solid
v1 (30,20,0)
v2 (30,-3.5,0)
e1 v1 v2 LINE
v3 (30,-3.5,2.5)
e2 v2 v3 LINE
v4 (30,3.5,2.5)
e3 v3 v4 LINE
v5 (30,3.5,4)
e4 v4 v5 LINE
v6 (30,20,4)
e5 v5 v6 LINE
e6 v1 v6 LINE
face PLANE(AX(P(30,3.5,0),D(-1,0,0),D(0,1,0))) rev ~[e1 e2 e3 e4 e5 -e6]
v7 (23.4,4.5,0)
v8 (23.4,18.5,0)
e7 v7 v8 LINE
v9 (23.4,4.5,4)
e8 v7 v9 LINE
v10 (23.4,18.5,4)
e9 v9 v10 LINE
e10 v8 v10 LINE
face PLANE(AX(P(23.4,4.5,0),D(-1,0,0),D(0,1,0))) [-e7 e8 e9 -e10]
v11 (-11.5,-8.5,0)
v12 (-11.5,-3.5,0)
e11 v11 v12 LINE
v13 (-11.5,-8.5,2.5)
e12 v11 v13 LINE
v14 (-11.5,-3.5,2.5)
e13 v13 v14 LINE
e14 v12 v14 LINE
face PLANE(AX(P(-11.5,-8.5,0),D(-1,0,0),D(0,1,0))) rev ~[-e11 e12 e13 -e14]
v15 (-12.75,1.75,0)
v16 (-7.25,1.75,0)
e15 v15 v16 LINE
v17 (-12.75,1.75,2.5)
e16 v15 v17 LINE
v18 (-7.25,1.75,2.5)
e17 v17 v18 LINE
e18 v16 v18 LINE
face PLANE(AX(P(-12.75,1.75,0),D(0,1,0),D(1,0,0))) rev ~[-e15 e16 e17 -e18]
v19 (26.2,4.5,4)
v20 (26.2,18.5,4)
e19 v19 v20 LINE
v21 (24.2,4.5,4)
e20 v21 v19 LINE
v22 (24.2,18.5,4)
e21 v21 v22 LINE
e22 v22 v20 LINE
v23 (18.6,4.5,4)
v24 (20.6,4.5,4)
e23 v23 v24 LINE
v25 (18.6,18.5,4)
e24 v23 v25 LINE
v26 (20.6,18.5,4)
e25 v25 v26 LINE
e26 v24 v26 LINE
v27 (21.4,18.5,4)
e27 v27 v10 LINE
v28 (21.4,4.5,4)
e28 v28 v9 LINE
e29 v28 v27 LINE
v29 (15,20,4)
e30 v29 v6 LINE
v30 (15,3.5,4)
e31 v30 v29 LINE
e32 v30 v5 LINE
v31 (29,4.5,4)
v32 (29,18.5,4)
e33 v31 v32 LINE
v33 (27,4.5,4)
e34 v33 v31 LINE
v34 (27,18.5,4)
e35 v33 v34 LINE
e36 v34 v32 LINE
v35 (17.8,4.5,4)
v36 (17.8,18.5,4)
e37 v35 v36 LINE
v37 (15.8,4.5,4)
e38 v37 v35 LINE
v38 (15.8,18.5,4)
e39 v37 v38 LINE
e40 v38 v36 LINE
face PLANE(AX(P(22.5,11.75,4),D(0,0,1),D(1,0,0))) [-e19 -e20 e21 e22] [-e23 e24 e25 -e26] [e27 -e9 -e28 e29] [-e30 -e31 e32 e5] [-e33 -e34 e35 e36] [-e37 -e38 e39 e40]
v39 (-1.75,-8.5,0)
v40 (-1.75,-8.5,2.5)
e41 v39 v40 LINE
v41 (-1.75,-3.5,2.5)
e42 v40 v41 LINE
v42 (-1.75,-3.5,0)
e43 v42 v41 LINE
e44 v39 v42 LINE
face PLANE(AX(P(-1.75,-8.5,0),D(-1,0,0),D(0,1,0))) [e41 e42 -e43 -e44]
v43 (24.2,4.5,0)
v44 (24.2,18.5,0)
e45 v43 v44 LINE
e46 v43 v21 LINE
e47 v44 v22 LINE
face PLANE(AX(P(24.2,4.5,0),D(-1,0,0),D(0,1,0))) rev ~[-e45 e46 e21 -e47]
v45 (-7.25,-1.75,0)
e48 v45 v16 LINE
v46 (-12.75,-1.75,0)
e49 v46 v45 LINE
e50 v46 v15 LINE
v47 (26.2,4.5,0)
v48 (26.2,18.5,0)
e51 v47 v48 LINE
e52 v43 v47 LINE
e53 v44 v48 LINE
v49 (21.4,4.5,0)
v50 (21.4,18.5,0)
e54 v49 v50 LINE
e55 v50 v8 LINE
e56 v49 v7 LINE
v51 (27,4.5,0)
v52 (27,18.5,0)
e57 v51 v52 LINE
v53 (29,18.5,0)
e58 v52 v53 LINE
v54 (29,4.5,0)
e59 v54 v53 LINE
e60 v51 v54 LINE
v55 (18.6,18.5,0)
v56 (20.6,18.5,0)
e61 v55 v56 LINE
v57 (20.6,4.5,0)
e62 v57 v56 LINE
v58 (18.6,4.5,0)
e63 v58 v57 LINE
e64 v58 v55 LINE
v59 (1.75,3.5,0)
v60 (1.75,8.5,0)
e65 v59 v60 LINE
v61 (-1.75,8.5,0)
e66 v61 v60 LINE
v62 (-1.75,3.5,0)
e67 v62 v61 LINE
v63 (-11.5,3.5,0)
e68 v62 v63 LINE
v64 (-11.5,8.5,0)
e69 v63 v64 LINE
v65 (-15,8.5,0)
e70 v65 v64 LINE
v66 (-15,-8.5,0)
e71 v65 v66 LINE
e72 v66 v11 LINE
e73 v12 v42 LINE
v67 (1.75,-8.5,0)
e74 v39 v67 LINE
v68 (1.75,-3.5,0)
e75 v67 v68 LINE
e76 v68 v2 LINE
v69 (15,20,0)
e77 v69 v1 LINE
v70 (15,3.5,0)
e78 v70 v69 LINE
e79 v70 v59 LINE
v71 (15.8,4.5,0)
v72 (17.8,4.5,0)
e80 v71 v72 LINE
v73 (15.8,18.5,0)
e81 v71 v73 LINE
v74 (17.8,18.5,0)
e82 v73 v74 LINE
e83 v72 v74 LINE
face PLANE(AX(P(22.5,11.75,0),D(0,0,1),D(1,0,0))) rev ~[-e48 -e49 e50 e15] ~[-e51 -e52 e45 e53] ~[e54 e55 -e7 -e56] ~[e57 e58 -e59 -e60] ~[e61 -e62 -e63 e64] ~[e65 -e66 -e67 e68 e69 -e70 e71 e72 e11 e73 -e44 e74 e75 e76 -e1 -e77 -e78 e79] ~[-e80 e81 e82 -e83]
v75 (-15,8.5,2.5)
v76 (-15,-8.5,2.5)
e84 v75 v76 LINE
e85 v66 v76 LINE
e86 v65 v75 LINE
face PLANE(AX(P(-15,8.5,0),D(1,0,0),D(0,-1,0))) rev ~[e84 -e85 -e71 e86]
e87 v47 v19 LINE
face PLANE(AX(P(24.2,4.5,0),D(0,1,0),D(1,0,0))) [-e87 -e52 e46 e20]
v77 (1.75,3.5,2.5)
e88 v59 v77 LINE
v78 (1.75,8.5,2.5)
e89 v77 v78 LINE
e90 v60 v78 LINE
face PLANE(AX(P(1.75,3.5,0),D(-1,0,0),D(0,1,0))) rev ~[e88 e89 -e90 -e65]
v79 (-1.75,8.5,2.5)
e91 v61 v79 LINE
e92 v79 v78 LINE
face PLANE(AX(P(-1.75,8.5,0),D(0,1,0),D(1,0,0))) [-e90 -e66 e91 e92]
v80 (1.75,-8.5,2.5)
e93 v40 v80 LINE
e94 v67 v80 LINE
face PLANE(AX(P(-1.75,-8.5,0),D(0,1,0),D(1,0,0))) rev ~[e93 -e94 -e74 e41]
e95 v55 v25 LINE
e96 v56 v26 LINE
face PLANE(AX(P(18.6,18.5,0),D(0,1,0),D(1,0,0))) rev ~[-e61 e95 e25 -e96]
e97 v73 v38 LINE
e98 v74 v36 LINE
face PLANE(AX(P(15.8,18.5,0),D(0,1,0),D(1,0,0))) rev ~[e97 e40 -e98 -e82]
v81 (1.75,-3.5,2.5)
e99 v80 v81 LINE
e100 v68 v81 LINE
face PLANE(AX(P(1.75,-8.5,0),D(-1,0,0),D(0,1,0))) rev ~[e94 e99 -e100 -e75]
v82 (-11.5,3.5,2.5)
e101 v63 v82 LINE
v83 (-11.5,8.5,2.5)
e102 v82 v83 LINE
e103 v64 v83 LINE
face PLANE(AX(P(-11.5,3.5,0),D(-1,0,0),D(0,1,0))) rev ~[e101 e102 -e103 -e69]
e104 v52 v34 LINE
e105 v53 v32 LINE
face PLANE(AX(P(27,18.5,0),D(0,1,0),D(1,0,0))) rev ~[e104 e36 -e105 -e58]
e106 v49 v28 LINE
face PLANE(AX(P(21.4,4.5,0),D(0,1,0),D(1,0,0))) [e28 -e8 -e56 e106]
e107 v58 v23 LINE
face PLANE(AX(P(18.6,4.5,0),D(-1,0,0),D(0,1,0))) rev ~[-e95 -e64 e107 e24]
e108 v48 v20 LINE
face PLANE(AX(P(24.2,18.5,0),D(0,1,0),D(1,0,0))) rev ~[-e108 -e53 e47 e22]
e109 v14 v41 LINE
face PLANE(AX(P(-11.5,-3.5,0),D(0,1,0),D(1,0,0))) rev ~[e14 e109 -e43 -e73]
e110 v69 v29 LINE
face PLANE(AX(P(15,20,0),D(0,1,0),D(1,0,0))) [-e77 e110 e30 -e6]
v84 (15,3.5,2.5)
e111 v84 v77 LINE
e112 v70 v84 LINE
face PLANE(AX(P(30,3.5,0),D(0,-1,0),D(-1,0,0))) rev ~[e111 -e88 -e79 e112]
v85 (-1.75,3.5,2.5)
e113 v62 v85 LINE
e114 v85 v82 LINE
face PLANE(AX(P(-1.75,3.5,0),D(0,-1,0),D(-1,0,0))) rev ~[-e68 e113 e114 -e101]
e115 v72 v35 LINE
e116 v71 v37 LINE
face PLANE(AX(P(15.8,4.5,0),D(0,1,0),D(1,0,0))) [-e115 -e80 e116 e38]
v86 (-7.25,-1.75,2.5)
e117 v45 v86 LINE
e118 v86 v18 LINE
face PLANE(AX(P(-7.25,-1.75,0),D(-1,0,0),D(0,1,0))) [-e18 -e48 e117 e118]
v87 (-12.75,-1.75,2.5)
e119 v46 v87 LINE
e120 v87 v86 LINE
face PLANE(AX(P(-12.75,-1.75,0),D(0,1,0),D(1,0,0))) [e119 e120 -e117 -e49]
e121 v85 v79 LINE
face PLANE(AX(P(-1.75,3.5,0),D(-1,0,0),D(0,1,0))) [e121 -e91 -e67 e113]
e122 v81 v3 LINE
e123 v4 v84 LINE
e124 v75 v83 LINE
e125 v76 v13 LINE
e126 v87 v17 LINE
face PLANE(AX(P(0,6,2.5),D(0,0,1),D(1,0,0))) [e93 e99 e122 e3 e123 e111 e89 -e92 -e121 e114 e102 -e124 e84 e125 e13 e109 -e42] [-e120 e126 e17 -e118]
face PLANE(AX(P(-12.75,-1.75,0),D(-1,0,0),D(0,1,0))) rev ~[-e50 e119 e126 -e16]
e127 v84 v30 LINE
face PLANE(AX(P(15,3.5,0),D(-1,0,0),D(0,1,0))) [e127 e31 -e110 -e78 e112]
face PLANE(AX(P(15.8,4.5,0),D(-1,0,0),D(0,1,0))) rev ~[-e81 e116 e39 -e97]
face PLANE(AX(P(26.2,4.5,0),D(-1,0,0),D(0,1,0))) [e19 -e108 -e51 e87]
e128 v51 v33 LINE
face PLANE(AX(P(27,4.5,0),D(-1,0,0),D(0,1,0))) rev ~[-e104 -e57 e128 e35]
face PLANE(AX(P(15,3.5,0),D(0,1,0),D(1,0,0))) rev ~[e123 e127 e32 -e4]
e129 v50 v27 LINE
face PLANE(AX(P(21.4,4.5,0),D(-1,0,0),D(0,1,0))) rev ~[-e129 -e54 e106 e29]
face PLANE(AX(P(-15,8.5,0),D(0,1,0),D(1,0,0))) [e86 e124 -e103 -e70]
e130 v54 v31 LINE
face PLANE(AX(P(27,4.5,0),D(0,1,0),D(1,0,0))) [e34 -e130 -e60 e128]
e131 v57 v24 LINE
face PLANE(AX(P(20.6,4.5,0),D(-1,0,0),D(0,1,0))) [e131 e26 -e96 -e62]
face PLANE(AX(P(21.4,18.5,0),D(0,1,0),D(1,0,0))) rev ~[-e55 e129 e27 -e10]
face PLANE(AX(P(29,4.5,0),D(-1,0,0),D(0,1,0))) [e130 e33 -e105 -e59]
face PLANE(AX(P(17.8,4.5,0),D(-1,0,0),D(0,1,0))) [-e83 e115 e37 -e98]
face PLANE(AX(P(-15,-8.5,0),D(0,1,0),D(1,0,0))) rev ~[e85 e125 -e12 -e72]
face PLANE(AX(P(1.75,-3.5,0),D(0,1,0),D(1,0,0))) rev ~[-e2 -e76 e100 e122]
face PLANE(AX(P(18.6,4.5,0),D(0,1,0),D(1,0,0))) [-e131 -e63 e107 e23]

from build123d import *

# Parameters (mm, degrees)
F0_W     = 3.5
F0_H     = 5
F0_W_2   = 5.5
F0_H_2   = 3.5
F0_W_3   = 15
F0_H_3   = 7
F1_DEPTH = 2.5
F0_H_4   = 16.5
F0_W_4   = 2
F0_H_5   = 14
F2_DEPTH = 4


with BuildPart() as f1:
    # F0 (on Top) → F1 (new body)
    with BuildSketch(Plane.XY):
        with Locations((0, 6)):
            Rectangle(F0_W, F0_H)
        Polygon((15, -3.5), (15, 3.5), (1.75, 3.5), (-1.75, 3.5), (-11.5, 3.5), (-15, 3.5), (-15, -3.5), (-11.5, -3.5), (-1.75, -3.5), (1.75, -3.5), align=None)
        with Locations((-10, 0)):
            Rectangle(F0_W_2, F0_H_2, mode=Mode.SUBTRACT)
        with Locations((0, -6)):
            Rectangle(F0_W, F0_H)
        with Locations((-13.25, 6)):
            Rectangle(F0_W, F0_H)
        with Locations((-13.25, -6)):
            Rectangle(F0_W, F0_H)
        with Locations((22.5, 0)):
            Rectangle(F0_W_3, F0_H_3)
    extrude(amount=F1_DEPTH)

    # F0 (on Top) → F2 (join)
    with BuildSketch(Plane.XY):
        with Locations((22.5, 11.75)):
            Rectangle(F0_W_3, F0_H_4)
        with Locations((16.8, 11.5)):
            Rectangle(F0_W_4, F0_H_5, mode=Mode.SUBTRACT)
        with Locations((19.6, 11.5)):
            Rectangle(F0_W_4, F0_H_5, mode=Mode.SUBTRACT)
        with Locations((22.4, 11.5)):
            Rectangle(F0_W_4, F0_H_5, mode=Mode.SUBTRACT)
        with Locations((25.2, 11.5)):
            Rectangle(F0_W_4, F0_H_5, mode=Mode.SUBTRACT)
        with Locations((28, 11.5)):
            Rectangle(F0_W_4, F0_H_5, mode=Mode.SUBTRACT)
    extrude(amount=F2_DEPTH)


solid = f1.part
